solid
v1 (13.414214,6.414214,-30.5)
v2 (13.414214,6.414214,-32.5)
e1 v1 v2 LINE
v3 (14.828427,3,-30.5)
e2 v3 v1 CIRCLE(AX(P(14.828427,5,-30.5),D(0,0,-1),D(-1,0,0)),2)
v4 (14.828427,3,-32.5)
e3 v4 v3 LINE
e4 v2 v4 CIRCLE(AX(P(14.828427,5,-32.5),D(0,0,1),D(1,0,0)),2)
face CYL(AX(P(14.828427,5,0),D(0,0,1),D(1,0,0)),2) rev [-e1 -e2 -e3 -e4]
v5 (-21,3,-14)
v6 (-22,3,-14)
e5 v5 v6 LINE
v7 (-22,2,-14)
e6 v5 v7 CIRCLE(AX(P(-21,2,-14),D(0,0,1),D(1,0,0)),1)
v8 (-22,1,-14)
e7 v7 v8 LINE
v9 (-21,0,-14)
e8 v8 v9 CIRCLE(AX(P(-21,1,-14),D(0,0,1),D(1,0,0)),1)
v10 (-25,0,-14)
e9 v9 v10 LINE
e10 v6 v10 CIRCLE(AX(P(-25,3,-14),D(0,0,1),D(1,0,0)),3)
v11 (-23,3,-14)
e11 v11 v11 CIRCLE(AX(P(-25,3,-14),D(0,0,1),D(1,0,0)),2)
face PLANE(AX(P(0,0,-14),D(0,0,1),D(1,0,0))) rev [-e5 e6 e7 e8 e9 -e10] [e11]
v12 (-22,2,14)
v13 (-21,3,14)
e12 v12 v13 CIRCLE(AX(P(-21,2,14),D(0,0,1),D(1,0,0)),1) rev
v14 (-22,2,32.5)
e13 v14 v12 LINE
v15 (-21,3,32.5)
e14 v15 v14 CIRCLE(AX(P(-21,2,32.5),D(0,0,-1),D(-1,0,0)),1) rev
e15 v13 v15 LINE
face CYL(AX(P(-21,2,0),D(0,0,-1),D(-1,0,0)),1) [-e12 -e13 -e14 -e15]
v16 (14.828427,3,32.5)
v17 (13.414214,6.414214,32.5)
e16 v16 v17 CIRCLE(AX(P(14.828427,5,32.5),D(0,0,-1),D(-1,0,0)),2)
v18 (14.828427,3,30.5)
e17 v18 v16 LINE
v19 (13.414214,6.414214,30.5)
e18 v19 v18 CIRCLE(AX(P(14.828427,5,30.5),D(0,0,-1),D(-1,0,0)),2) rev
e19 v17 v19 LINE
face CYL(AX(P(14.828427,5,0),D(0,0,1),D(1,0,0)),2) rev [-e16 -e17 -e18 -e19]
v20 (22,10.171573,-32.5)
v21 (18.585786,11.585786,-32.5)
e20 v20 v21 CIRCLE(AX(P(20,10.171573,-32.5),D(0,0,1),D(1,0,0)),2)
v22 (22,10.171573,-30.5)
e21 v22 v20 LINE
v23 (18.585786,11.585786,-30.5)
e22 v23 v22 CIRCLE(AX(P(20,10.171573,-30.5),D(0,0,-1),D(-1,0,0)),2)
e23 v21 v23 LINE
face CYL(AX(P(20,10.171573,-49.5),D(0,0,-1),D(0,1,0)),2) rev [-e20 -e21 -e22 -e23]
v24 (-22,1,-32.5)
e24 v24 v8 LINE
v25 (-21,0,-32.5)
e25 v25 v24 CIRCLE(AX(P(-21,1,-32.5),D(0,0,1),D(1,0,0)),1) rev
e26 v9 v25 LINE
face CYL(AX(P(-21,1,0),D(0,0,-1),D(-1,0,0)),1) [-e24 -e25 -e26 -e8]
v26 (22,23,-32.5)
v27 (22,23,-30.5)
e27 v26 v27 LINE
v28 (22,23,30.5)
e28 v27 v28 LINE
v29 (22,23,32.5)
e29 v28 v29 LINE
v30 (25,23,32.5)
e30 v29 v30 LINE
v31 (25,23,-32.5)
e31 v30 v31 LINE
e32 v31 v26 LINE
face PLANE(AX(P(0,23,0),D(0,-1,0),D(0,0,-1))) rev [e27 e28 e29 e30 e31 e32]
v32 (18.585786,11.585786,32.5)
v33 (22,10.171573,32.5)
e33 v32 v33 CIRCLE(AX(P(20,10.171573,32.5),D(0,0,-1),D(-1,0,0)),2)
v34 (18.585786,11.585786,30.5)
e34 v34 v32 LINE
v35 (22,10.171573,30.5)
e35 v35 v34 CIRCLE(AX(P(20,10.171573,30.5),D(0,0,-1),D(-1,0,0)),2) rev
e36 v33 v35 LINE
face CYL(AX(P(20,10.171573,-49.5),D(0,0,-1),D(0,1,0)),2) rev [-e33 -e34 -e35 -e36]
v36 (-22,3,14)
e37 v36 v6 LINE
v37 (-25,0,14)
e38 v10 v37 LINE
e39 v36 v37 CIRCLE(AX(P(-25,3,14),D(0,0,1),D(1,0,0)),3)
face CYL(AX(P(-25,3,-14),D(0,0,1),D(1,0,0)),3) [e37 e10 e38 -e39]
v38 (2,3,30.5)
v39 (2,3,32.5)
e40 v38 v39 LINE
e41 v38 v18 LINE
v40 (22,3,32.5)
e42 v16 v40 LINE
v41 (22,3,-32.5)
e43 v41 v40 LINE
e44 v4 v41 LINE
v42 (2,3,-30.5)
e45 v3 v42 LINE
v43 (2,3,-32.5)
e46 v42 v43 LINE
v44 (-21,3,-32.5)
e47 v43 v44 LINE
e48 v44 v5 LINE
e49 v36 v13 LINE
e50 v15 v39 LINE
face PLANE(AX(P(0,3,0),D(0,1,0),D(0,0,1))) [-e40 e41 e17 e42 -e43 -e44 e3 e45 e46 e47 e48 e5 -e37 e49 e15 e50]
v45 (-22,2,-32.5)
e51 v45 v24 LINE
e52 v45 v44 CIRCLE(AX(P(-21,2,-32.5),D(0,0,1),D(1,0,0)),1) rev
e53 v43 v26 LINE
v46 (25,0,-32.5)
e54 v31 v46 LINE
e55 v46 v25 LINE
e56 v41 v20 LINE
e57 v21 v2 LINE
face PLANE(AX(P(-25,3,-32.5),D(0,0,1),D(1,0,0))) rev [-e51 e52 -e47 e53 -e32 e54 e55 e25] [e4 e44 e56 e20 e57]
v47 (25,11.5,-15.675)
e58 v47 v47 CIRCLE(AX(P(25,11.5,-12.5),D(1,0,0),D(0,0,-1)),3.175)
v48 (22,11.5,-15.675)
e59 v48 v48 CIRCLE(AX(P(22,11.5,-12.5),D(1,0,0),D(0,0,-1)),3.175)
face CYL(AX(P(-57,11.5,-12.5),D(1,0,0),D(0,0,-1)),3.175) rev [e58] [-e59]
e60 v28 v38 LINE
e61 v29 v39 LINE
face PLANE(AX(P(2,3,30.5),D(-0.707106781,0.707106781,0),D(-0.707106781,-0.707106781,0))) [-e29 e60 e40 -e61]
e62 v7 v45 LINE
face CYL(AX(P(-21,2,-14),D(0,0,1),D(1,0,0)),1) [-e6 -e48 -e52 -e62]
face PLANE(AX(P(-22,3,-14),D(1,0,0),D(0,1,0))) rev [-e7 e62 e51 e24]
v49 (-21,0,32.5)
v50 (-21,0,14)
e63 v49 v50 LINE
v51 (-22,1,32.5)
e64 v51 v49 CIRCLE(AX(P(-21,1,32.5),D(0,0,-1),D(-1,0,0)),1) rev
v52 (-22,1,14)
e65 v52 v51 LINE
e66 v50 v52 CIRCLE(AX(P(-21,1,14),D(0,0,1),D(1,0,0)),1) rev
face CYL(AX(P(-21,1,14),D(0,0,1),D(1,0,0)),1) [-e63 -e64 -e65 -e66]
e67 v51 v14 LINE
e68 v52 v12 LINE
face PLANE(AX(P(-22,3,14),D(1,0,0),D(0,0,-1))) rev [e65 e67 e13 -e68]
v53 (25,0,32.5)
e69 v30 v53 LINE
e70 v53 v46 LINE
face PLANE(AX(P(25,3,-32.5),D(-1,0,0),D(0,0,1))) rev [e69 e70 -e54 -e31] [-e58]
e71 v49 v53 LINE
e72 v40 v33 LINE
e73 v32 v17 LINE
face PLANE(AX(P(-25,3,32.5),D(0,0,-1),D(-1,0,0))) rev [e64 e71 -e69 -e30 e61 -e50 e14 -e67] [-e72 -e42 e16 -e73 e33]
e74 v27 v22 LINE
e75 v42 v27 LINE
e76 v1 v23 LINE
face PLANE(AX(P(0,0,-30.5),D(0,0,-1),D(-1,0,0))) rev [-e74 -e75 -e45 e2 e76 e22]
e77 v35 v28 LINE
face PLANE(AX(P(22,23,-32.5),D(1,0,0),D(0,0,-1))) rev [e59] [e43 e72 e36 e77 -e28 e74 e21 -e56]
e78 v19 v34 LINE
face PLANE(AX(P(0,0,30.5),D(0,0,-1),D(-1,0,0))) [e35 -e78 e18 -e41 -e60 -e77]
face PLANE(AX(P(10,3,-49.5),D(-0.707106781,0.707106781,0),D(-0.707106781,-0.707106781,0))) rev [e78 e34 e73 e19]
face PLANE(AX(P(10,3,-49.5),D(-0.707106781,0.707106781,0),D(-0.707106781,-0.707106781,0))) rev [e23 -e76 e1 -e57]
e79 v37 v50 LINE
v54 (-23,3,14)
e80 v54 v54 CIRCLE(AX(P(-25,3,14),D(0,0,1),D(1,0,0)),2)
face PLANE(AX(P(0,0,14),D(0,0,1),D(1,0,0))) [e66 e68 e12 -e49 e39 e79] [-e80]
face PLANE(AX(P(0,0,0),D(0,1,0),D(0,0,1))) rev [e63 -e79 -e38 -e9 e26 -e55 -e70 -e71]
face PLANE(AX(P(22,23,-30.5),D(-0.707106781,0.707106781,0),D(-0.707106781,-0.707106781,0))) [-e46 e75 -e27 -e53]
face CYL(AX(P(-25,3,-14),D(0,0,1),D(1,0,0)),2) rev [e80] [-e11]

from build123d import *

# Parameters (mm, degrees)
SKETCH1_W           = 50
SKETCH1_H           = 65
BOSS_EXTRUDE1_DEPTH = 3
SKETCH2_W           = 3
SKETCH2_H           = 3
CUT_EXTRUDE1_DEPTH  = 18.5
SKETCH3_W           = 3
SKETCH3_H           = 3
CUT_EXTRUDE2_DEPTH  = 18.5
SKETCH4_R           = 3
BOSS_EXTRUDE2_DEPTH = 28
SKETCH5_R           = 2
CUT_EXTRUDE3_DEPTH  = 28
FILLET1_R           = 1
SKETCH6_W           = 3
SKETCH6_H           = 65
BOSS_EXTRUDE3_DEPTH = 20
BOSS_EXTRUDE4_DEPTH = 2
BOSS_EXTRUDE5_DEPTH = 2
CUT_EXTRUDE4_DEPTH  = 82
FILLET2_R           = 2
SKETCH10_R          = 3.175
CUT_EXTRUDE5_DEPTH  = 82


with BuildPart() as part:
    # Sketch1 → Boss-Extrude1 (new body)
    with BuildSketch(Plane(origin=(0, 0, 0), x_dir=(1, 0, 0), z_dir=(0, 1, 0))):
        Rectangle(SKETCH1_W, SKETCH1_H)
    extrude(amount=BOSS_EXTRUDE1_DEPTH)

    # Sketch2 → Cut-Extrude1 (cut)
    with BuildSketch(Plane.XY.offset(32.5)):
        with Locations((-23.5, 1.5)):
            Rectangle(SKETCH2_W, SKETCH2_H)
    extrude(amount=-CUT_EXTRUDE1_DEPTH, mode=Mode.SUBTRACT)

    # Sketch3 → Cut-Extrude2 (cut)
    with BuildSketch(Plane(origin=(0, 0, -32.5), x_dir=(-1, 0, 0), z_dir=(0, 0, -1))):
        with Locations((23.5, 1.5)):
            Rectangle(SKETCH3_W, SKETCH3_H)
    extrude(amount=-CUT_EXTRUDE2_DEPTH, mode=Mode.SUBTRACT)

    # Sketch4 → Boss-Extrude2 (add)
    with BuildSketch(Plane.XY.offset(14)):
        with Locations((-25, 3)):
            Circle(SKETCH4_R)
    extrude(amount=-BOSS_EXTRUDE2_DEPTH)

    # Sketch5 → Cut-Extrude3 (cut)
    with BuildSketch(Plane.XY.offset(14)):
        with Locations((-25, 3)):
            Circle(SKETCH5_R)
    extrude(amount=-CUT_EXTRUDE3_DEPTH, mode=Mode.SUBTRACT)

    # Fillet1
    fillet1_edges = [part.edges().sort_by_distance(p)[0] for p in [
        (-22, 3, 23.25),
        (-22, 0, 23.25),
        (-22, 0, -23.25),
        (-22, 3, -23.25),
    ]]
    fillet(fillet1_edges, radius=FILLET1_R)

    # Sketch6 → Boss-Extrude3 (add)
    with BuildSketch(Plane(origin=(0, 3, 0), x_dir=(1, 0, 0), z_dir=(0, 1, 0))):
        with Locations((23.5, 0)):
            Rectangle(SKETCH6_W, SKETCH6_H)
    extrude(amount=BOSS_EXTRUDE3_DEPTH)

    # Sketch7 → Boss-Extrude4 (add)
    with BuildSketch(Plane.XY.offset(32.5)):
        Polygon((22, 23), (22, 3), (2, 3), align=None)
    extrude(amount=-BOSS_EXTRUDE4_DEPTH)

    # Sketch8 → Boss-Extrude5 (add)
    with BuildSketch(Plane(origin=(0, 0, -32.5), x_dir=(-1, 0, 0), z_dir=(0, 0, -1))):
        Polygon((-22, 23), (-2, 3), (-22, 3), align=None)
    extrude(amount=-BOSS_EXTRUDE5_DEPTH)

    # Sketch9 → Cut-Extrude4 (cut)
    with BuildSketch(Plane.XY.offset(32.5)):
        Polygon((22, 15), (22, 3), (10, 3), align=None)
    extrude(amount=-CUT_EXTRUDE4_DEPTH, mode=Mode.SUBTRACT)

    # Fillet2
    fillet2_edges = [part.edges().sort_by_distance(p)[0] for p in [
        (10, 3, -31.5),
        (22, 15, -31.5),
        (10, 3, 31.5),
        (22, 15, 31.5),
    ]]
    fillet(fillet2_edges, radius=FILLET2_R)

    # Sketch10 → Cut-Extrude5 (cut)
    with BuildSketch(Plane(origin=(25, 0, 0), x_dir=(0, 0, -1), z_dir=(1, 0, 0))):
        with Locations((12.5, 11.5)):
            Circle(SKETCH10_R)
    extrude(amount=-CUT_EXTRUDE5_DEPTH, mode=Mode.SUBTRACT)


solid = part.part
